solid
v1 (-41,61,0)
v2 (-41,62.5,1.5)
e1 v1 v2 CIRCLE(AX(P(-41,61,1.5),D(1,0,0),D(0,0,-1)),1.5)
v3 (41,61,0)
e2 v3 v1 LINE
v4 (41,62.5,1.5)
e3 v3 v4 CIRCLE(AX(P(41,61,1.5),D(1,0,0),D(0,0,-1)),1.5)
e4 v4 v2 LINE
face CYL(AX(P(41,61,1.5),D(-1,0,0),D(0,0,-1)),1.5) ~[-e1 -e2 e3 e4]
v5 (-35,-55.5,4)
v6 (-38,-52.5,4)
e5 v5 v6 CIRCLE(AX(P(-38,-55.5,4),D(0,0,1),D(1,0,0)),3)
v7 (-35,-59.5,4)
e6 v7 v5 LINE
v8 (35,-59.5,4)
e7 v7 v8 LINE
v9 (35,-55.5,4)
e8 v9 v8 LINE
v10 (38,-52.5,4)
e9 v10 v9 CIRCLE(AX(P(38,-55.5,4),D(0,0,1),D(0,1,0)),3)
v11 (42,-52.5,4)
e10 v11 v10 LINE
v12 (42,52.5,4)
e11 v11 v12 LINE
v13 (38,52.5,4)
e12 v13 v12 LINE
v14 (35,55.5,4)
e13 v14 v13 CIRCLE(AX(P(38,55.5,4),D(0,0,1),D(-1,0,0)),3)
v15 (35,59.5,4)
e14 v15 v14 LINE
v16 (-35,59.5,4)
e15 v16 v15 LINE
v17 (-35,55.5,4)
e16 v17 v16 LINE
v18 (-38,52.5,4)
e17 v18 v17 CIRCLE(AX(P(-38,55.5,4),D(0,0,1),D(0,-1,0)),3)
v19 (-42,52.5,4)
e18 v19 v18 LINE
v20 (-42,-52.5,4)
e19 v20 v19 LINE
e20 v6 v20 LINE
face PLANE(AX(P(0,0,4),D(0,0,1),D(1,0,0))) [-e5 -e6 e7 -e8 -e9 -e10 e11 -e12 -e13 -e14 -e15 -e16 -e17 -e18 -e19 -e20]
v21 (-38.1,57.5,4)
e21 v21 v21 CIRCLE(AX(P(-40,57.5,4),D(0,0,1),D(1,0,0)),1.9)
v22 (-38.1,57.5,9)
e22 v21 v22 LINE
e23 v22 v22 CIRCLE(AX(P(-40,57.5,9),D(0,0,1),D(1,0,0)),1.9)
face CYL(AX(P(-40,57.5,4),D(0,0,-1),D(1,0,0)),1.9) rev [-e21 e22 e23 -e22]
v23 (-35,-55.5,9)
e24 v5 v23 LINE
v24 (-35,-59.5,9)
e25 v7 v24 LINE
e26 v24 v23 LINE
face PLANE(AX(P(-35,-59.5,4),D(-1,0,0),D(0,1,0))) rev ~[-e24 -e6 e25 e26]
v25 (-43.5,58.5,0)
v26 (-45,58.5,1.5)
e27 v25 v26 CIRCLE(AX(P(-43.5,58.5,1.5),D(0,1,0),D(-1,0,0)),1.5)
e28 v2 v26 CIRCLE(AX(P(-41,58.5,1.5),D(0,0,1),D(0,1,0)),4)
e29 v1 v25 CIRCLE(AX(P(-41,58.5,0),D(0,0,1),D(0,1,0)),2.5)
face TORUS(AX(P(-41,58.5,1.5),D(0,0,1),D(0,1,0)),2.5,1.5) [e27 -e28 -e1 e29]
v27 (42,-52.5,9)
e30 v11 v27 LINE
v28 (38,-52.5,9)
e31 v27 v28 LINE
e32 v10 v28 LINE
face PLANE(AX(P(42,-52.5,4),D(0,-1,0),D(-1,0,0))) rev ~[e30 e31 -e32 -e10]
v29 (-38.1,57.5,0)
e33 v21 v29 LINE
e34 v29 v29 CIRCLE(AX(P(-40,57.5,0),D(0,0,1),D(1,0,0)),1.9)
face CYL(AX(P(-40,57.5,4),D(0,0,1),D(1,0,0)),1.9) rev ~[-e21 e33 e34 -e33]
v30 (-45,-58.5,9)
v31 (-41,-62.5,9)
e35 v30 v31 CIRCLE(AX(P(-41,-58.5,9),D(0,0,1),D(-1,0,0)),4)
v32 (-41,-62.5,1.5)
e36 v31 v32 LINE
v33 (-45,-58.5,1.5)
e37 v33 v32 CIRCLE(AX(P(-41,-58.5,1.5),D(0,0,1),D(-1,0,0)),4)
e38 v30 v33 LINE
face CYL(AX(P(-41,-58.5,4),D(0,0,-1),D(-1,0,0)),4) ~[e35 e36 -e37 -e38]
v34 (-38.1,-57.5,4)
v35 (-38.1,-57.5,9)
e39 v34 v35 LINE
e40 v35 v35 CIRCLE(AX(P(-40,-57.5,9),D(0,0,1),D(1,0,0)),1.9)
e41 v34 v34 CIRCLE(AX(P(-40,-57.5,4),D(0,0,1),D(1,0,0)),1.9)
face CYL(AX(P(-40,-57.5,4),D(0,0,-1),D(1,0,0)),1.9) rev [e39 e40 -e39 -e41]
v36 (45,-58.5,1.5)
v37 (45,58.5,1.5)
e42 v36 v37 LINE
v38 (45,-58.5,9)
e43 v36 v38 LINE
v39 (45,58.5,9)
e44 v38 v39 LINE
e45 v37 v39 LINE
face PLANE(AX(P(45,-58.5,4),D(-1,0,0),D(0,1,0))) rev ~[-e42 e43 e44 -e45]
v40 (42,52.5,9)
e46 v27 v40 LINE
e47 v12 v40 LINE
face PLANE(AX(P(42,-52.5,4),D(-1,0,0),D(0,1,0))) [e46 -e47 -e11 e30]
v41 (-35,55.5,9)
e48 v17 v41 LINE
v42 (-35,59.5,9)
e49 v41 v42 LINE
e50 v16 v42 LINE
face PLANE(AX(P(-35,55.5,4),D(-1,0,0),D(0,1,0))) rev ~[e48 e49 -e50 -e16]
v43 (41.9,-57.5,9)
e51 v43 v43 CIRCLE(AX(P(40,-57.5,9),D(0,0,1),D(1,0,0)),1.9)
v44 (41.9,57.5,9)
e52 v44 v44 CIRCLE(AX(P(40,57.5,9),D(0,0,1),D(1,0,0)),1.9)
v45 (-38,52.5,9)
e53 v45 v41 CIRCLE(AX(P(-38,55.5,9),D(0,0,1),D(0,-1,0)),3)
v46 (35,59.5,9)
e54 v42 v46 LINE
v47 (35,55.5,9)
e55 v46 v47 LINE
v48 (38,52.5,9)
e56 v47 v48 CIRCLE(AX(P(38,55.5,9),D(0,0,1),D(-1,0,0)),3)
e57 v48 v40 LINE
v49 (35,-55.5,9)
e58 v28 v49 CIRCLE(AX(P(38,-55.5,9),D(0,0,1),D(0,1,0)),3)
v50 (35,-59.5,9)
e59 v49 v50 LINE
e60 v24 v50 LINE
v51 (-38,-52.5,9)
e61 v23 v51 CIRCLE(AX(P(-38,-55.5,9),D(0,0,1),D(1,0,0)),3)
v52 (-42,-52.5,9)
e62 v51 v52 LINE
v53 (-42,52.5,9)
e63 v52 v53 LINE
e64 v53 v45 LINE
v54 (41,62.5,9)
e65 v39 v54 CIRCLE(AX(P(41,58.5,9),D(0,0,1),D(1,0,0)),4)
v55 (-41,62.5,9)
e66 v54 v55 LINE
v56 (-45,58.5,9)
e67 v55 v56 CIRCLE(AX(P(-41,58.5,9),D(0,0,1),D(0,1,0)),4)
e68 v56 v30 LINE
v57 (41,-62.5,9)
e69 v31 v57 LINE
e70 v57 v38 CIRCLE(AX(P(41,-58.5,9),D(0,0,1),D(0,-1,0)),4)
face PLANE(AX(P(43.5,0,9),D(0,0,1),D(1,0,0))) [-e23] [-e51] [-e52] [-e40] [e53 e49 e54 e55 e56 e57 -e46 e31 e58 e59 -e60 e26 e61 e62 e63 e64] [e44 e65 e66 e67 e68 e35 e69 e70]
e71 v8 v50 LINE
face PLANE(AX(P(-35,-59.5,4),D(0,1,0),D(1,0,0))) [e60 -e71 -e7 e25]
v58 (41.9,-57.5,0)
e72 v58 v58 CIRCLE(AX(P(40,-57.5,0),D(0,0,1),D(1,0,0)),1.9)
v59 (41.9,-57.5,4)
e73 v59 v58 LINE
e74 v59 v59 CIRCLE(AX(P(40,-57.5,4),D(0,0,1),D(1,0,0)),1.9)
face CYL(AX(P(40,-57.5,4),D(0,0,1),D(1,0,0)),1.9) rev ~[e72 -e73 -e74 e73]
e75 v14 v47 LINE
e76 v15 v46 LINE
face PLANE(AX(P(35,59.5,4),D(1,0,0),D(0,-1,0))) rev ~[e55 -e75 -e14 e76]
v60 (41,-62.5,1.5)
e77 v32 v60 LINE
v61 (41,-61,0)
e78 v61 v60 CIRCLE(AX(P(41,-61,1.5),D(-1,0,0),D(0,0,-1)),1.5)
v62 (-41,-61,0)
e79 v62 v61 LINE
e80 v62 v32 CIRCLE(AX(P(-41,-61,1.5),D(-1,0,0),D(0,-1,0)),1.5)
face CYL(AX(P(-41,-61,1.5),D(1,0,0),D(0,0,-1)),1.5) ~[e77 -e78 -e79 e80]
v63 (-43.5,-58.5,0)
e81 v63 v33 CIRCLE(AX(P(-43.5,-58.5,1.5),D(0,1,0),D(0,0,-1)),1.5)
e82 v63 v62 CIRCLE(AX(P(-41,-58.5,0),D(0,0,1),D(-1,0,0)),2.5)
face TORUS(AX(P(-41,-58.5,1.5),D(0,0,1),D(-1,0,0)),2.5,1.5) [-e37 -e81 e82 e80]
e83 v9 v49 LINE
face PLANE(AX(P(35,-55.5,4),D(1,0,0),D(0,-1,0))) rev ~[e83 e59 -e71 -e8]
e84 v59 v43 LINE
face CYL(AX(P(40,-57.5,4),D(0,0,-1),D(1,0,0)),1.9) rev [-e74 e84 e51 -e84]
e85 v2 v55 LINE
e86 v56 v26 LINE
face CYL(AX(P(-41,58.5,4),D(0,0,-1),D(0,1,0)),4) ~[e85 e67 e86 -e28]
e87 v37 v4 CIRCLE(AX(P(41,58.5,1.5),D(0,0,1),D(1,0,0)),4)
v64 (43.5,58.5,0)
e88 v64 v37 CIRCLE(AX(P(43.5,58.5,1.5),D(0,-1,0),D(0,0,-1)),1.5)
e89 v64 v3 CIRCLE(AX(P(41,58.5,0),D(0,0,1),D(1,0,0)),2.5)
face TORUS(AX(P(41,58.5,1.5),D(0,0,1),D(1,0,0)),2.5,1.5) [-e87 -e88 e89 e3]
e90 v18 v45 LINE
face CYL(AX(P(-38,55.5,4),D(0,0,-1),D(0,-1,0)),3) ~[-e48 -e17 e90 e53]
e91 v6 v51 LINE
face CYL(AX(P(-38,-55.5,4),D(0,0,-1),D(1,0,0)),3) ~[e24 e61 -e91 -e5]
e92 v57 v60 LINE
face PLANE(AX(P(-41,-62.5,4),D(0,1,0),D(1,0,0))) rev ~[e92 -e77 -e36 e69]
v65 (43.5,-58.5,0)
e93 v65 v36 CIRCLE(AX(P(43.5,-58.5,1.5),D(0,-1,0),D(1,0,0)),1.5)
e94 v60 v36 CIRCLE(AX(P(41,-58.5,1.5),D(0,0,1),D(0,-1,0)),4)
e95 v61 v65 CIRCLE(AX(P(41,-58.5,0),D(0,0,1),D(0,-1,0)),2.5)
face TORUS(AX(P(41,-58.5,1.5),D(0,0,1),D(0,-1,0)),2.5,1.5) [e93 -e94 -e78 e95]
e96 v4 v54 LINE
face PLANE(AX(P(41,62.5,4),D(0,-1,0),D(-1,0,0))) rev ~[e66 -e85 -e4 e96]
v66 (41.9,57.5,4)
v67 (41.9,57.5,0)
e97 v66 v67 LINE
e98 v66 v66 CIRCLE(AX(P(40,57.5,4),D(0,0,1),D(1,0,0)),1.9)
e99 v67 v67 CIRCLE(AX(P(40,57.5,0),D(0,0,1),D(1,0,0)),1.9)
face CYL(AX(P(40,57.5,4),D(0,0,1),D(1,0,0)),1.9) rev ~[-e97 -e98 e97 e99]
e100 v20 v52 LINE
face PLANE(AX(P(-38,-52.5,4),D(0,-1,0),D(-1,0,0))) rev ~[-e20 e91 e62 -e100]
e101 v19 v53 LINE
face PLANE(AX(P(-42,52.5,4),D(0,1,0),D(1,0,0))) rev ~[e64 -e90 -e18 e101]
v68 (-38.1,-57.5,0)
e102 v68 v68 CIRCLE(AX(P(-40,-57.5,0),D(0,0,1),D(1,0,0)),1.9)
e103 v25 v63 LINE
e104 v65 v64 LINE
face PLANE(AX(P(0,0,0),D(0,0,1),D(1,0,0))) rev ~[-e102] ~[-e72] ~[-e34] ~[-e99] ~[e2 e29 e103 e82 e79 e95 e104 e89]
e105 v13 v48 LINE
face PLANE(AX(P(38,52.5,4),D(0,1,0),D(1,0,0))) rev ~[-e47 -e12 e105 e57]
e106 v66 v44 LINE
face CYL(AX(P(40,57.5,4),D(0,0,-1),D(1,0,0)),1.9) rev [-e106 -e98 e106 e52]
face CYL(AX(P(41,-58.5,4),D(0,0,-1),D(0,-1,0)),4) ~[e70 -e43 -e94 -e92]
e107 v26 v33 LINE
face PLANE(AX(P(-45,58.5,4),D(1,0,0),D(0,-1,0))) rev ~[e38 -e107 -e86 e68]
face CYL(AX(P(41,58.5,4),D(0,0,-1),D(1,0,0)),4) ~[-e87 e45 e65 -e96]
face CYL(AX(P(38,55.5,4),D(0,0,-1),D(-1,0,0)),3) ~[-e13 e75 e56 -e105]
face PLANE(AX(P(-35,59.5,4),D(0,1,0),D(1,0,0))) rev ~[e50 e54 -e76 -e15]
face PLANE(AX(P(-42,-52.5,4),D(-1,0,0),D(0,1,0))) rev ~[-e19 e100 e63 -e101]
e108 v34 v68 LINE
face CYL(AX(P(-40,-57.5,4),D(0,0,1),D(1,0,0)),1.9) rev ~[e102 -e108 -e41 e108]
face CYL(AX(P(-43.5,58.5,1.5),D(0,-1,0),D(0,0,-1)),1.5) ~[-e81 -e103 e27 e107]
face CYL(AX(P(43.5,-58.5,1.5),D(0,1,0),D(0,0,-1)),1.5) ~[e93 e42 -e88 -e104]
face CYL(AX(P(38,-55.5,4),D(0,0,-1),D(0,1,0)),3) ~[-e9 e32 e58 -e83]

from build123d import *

# Parameters (mm, degrees)
F1_DEPTH = 4
F2_W     = 3
F2_H     = 105
F2_W_2   = 70
F2_H_2   = 3
F2_R     = 1.9
F3_DEPTH = 5
F4_R     = 1.5
F5_DEPTH = 25
F6_DEPTH = 25
F7_DEPTH = 25
F8_DEPTH = 25


with BuildPart() as f1:
    # F0 (on Top) → F1 (new body)
    with BuildSketch(Plane.XY):
        with BuildLine():
            Line((41, 62.5), (-41, 62.5))
            ThreePointArc((-41, 62.5), (-43.8284271247, 61.3284271247), (-45, 58.5))
            Line((-45, 58.5), (-45, -58.5))
            ThreePointArc((-45, -58.5), (-43.8284271247, -61.3284271247), (-41, -62.5))
            Line((-41, -62.5), (41, -62.5))
            ThreePointArc((41, -62.5), (43.8284271247, -61.3284271247), (45, -58.5))
            Line((45, -58.5), (45, 58.5))
            ThreePointArc((45, 58.5), (43.8284271247, 61.3284271247), (41, 62.5))
        make_face()
    extrude(amount=F1_DEPTH)

    # F2 (on face) → F3 (join)
    with BuildSketch(Plane.XY.offset(4)):
        with Locations((43.5, 0)):
            Rectangle(F2_W, F2_H)
        with Locations((0, -61)):
            Rectangle(F2_W_2, F2_H_2)
        with Locations((-43.5, 0)):
            Rectangle(F2_W, F2_H)
        with Locations((0, 61)):
            Rectangle(F2_W_2, F2_H_2)
        with BuildLine():
            Line((-45, 58.5), (-45, 52.5))
            Line((-45, 52.5), (-42, 52.5))
            Line((-42, 52.5), (-38, 52.5))
            ThreePointArc((-38, 52.5), (-35.8786796564, 53.3786796564), (-35, 55.5))
            Line((-35, 55.5), (-35, 59.5))
            Line((-35, 59.5), (-35, 62.5))
            Line((-35, 62.5), (-41, 62.5))
            ThreePointArc((-41, 62.5), (-43.8284271247, 61.3284271247), (-45, 58.5))
        make_face()
        with Locations((-40, 57.5)):
            Circle(F2_R, mode=Mode.SUBTRACT)
        with BuildLine():
            Line((41, 62.5), (35, 62.5))
            Line((35, 62.5), (35, 59.5))
            Line((35, 59.5), (35, 55.5))
            ThreePointArc((35, 55.5), (35.8786796564, 53.3786796564), (38, 52.5))
            Line((38, 52.5), (42, 52.5))
            Line((42, 52.5), (45, 52.5))
            Line((45, 52.5), (45, 58.5))
            ThreePointArc((45, 58.5), (43.8284271247, 61.3284271247), (41, 62.5))
        make_face()
        with Locations((40, 57.5)):
            Circle(F2_R, mode=Mode.SUBTRACT)
        with BuildLine():
            Line((35, -59.5), (35, -62.5))
            Line((35, -62.5), (41, -62.5))
            ThreePointArc((41, -62.5), (43.8284271247, -61.3284271247), (45, -58.5))
            Line((45, -58.5), (45, -52.5))
            Line((45, -52.5), (42, -52.5))
            Line((42, -52.5), (38, -52.5))
            ThreePointArc((38, -52.5), (35.8786796564, -53.3786796564), (35, -55.5))
            Line((35, -55.5), (35, -59.5))
        make_face()
        with Locations((40, -57.5)):
            Circle(F2_R, mode=Mode.SUBTRACT)
        with BuildLine():
            Line((-42, -52.5), (-45, -52.5))
            Line((-45, -52.5), (-45, -58.5))
            ThreePointArc((-45, -58.5), (-43.8284271247, -61.3284271247), (-41, -62.5))
            Line((-41, -62.5), (-35, -62.5))
            Line((-35, -62.5), (-35, -59.5))
            Line((-35, -59.5), (-35, -55.5))
            ThreePointArc((-35, -55.5), (-35.8786796564, -53.3786796564), (-38, -52.5))
            Line((-38, -52.5), (-42, -52.5))
        make_face()
        with Locations((-40, -57.5)):
            Circle(F2_R, mode=Mode.SUBTRACT)
    extrude(amount=F3_DEPTH)

    # F4
    f4_edges = [f1.edges().sort_by_distance(p)[0] for p in [
        (0, 62.5, 0),
        (-43.828427, 61.328427, 0),
        (-45, 0, 0),
        (-43.828427, -61.328427, 0),
        (0, -62.5, 0),
        (43.828427, -61.328427, 0),
        (45, 0, 0),
        (43.828427, 61.328427, 0),
    ]]
    fillet(f4_edges, radius=F4_R)

    # F5 (cut): a face of the model
    f5_faces = [f1.faces().sort_by_distance(p)[0] for p in [
        (-40, 57.5, 4),
    ]]
    extrude(f5_faces, amount=-F5_DEPTH, mode=Mode.SUBTRACT)

    # F6 (cut): a face of the model
    f6_faces = [f1.faces().sort_by_distance(p)[0] for p in [
        (40, 57.5, 4),
    ]]
    extrude(f6_faces, amount=-F6_DEPTH, mode=Mode.SUBTRACT)

    # F7 (cut): a face of the model
    f7_faces = [f1.faces().sort_by_distance(p)[0] for p in [
        (40, -57.5, 4),
    ]]
    extrude(f7_faces, amount=-F7_DEPTH, mode=Mode.SUBTRACT)

    # F8 (cut): a face of the model
    f8_faces = [f1.faces().sort_by_distance(p)[0] for p in [
        (-40, -57.5, 4),
    ]]
    extrude(f8_faces, amount=-F8_DEPTH, mode=Mode.SUBTRACT)


solid = f1.part
